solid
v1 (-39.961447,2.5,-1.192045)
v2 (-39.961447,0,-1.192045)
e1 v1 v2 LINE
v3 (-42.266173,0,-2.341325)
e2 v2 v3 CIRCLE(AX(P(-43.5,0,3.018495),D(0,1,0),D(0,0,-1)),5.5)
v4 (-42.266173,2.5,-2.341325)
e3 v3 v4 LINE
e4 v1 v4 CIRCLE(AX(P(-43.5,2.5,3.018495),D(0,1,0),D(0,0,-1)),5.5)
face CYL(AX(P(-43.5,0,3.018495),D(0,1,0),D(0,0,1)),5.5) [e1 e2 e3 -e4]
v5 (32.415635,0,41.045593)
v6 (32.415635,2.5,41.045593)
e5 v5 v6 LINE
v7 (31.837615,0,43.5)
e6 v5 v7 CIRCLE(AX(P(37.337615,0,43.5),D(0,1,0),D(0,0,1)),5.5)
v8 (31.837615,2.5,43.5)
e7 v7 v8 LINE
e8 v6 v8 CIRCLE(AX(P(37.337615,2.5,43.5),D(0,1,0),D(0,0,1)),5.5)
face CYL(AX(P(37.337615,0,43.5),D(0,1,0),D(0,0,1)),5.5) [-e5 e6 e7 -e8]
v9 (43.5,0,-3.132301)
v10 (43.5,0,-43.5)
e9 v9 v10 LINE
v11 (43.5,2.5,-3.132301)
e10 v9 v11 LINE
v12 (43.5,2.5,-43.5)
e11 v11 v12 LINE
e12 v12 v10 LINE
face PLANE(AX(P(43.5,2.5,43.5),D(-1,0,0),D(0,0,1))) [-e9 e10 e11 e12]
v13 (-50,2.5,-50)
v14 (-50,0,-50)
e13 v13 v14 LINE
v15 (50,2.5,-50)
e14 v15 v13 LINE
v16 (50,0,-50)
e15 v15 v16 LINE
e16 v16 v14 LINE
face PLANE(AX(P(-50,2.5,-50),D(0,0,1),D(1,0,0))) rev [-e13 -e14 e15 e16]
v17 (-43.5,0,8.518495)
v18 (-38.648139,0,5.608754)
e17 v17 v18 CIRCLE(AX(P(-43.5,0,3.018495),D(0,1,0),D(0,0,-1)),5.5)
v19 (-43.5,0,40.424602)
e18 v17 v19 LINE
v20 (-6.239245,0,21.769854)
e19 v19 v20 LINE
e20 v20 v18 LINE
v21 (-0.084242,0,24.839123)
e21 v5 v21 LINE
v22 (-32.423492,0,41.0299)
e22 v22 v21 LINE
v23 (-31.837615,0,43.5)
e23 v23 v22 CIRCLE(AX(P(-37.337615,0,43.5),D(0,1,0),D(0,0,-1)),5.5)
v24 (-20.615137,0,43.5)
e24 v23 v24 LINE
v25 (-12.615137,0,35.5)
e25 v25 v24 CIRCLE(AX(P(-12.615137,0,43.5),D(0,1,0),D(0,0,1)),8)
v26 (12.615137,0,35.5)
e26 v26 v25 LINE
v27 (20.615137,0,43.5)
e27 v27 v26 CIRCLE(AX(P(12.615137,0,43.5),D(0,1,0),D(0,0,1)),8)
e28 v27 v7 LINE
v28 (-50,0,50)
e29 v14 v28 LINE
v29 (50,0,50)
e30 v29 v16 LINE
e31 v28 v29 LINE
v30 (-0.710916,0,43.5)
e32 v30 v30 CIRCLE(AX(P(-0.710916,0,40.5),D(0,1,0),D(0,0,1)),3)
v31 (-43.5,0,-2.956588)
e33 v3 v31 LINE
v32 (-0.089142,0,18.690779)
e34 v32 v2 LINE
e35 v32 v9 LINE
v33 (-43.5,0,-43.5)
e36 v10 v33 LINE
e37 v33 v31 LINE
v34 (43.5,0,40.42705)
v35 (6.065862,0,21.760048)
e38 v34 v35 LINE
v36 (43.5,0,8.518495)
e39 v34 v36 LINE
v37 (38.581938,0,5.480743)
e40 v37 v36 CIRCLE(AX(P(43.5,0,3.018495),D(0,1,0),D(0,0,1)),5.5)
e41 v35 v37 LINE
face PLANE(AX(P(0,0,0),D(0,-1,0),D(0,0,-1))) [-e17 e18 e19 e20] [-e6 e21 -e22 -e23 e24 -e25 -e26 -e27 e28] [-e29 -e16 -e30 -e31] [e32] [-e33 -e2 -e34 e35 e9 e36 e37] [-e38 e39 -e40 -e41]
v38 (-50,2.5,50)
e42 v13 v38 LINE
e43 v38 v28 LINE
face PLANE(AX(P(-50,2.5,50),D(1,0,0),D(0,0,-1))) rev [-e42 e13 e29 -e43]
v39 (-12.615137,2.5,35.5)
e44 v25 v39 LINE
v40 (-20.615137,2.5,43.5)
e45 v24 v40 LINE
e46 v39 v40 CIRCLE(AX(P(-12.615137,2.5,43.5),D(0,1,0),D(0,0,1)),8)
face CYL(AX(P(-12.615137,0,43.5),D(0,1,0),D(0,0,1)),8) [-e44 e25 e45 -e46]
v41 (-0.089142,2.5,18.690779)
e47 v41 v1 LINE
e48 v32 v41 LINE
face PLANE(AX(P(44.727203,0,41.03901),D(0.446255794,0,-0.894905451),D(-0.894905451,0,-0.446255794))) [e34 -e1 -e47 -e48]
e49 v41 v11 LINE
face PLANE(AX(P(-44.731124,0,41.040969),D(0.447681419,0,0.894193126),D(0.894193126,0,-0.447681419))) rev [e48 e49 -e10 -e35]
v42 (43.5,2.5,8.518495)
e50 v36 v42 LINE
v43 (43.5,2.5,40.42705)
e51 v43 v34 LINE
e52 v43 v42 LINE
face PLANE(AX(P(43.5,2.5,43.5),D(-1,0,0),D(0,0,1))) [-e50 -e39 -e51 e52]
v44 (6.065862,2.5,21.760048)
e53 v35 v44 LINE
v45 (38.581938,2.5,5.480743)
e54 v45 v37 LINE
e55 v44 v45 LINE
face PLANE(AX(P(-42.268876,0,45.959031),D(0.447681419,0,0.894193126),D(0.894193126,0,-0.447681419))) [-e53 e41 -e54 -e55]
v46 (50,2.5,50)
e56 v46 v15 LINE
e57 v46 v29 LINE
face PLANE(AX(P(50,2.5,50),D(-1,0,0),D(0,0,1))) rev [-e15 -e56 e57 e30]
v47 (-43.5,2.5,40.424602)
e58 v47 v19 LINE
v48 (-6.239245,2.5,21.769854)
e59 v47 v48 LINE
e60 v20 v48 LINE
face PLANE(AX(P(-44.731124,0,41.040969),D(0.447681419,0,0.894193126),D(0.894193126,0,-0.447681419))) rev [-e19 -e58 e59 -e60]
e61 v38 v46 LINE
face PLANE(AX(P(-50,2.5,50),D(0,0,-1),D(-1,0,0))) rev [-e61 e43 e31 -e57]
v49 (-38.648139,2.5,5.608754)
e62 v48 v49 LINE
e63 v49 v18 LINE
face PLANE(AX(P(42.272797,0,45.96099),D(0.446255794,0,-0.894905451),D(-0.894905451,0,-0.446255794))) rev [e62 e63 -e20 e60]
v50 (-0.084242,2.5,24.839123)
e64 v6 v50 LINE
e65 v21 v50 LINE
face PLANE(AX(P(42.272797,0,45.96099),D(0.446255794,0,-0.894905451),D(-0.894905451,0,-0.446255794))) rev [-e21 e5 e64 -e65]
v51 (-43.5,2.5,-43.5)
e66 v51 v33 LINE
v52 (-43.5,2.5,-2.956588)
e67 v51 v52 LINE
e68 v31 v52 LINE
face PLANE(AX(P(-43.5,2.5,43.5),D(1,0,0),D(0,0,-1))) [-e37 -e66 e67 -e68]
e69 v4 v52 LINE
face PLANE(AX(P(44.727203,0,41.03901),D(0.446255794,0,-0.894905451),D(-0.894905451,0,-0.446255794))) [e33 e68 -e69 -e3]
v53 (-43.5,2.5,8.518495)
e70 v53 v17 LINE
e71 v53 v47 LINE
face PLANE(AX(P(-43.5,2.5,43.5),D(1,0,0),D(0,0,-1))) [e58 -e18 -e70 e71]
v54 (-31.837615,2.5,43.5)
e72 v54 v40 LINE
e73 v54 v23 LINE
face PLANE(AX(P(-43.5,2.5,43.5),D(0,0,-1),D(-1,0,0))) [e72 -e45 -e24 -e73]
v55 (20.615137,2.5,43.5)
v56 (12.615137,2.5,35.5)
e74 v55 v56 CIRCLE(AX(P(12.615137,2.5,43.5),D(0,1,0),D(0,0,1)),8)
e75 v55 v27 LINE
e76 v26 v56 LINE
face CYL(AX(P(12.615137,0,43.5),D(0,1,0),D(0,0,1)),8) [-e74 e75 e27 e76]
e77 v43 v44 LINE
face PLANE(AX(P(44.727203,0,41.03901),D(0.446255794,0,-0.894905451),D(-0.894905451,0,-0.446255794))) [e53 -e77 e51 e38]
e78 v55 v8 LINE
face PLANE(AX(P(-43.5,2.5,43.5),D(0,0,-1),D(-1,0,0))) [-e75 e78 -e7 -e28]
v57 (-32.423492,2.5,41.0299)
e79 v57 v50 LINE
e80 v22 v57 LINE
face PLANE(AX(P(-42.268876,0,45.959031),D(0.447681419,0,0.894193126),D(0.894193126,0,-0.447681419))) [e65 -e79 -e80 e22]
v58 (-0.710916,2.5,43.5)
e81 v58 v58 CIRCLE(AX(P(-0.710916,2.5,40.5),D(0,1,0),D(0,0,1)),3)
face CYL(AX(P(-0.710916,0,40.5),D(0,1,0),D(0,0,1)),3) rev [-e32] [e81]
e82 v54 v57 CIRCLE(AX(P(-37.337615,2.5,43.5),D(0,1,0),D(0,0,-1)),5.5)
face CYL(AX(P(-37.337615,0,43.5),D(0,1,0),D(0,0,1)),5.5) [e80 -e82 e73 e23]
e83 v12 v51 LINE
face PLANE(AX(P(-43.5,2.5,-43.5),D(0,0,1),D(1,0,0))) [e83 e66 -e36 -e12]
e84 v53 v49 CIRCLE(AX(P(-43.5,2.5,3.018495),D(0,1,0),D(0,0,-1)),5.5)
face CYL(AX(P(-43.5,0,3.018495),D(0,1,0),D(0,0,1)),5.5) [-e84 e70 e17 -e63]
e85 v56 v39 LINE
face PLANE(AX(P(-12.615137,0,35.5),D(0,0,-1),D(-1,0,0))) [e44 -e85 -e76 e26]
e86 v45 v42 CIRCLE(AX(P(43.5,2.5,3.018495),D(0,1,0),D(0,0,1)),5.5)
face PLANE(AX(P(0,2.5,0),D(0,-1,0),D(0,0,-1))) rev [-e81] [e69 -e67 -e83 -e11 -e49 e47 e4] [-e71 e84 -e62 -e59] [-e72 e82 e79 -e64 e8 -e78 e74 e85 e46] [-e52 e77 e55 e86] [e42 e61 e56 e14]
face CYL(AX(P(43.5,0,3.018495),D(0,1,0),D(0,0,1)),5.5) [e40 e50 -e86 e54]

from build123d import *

# Parameters (mm, degrees)
SKETCH1_W           = 100
SKETCH1_H           = 100
SKETCH1_W_2         = 87
SKETCH1_H_2         = 87
BOSS_EXTRUDE1_DEPTH = 2.5
BOSS_EXTRUDE2_DEPTH = 2.5
SKETCH3_W           = 52.284767499
SKETCH3_H           = 7.135478262
CUT_EXTRUDE1_DEPTH  = 2.5
SKETCH4_R           = 3
CUT_EXTRUDE2_DEPTH  = 2.5
EXTRUDE_THIN2_DEPTH = 2.5
SKETCH6_R           = 5.5
BOSS_EXTRUDE3_DEPTH = 2.5


with BuildPart() as part:
    # Sketch1 → Boss-Extrude1 (new body)
    with BuildSketch(Plane(origin=(0, 0, 0), x_dir=(1, 0, 0), z_dir=(0, 1, 0))):
        Rectangle(SKETCH1_W, SKETCH1_H)
        Rectangle(SKETCH1_W_2, SKETCH1_H_2, mode=Mode.SUBTRACT)
    extrude(amount=BOSS_EXTRUDE1_DEPTH)

    # Sketch2 → Boss-Extrude2 (add)
    with BuildSketch(Plane(origin=(0, 2.5, 0), x_dir=(1, 0, 0), z_dir=(0, 1, 0))):
        with BuildLine():
            Line((-12.615137118, -35.5), (12.615137118, -35.5))
            ThreePointArc((12.615137118, -35.5), (20.615137118, -43.5), (12.615137118, -51.5))
            Line((12.615137118, -51.5), (-12.615137118, -51.5))
            ThreePointArc((-12.615137118, -51.5), (-20.615137118, -43.5), (-12.615137118, -35.5))
        make_face()
    extrude(amount=-BOSS_EXTRUDE2_DEPTH)

    # Sketch3 → Cut-Extrude1 (cut)
    with BuildSketch(Plane(origin=(0, 2.5, 0), x_dir=(1, 0, 0), z_dir=(0, 1, 0))):
        with Locations((-0.902498863, -53.567739131)):
            Rectangle(SKETCH3_W, SKETCH3_H)
    extrude(amount=-CUT_EXTRUDE1_DEPTH, mode=Mode.SUBTRACT)

    # Sketch4 → Cut-Extrude2 (cut)
    with BuildSketch(Plane(origin=(0, 2.5, 0), x_dir=(1, 0, 0), z_dir=(0, 1, 0))):
        with Locations(Location((-0.710916126, -40.5, 0), (0, 0, 270))):
            Circle(SKETCH4_R)
    extrude(amount=-CUT_EXTRUDE2_DEPTH, mode=Mode.SUBTRACT)

    # Sketch5 → Extrude-Thin2 (add)
    with BuildSketch(Plane(origin=(0, 2.5, 0), x_dir=(1, 0, 0), z_dir=(0, 1, 0))):
        Polygon((-42.268876098, -45.959031097), (48.231095848, -0.649852738), (45.768848044, 4.268209457), (-44.731123902, -41.040968903), align=None)
        Polygon((44.727203432, -41.039010009), (-46.134206752, 4.270168351), (-48.588613617, -0.651811631), (42.272796568, -45.960989991), align=None)
    extrude(amount=-EXTRUDE_THIN2_DEPTH)

    # Sketch6 → Boss-Extrude3 (add)
    with BuildSketch(Plane(origin=(0, 2.5, 0), x_dir=(1, 0, 0), z_dir=(0, 1, 0))):
        with Locations((37.337615019, -43.5)):
            Circle(SKETCH6_R)
        with Locations((43.5, -3.018495081)):
            Circle(SKETCH6_R)
        with Locations((-37.337615019, -43.5)):
            Circle(SKETCH6_R)
        with Locations((-43.5, -3.018495081)):
            Circle(SKETCH6_R)
    extrude(amount=-BOSS_EXTRUDE3_DEPTH)


solid = part.part
